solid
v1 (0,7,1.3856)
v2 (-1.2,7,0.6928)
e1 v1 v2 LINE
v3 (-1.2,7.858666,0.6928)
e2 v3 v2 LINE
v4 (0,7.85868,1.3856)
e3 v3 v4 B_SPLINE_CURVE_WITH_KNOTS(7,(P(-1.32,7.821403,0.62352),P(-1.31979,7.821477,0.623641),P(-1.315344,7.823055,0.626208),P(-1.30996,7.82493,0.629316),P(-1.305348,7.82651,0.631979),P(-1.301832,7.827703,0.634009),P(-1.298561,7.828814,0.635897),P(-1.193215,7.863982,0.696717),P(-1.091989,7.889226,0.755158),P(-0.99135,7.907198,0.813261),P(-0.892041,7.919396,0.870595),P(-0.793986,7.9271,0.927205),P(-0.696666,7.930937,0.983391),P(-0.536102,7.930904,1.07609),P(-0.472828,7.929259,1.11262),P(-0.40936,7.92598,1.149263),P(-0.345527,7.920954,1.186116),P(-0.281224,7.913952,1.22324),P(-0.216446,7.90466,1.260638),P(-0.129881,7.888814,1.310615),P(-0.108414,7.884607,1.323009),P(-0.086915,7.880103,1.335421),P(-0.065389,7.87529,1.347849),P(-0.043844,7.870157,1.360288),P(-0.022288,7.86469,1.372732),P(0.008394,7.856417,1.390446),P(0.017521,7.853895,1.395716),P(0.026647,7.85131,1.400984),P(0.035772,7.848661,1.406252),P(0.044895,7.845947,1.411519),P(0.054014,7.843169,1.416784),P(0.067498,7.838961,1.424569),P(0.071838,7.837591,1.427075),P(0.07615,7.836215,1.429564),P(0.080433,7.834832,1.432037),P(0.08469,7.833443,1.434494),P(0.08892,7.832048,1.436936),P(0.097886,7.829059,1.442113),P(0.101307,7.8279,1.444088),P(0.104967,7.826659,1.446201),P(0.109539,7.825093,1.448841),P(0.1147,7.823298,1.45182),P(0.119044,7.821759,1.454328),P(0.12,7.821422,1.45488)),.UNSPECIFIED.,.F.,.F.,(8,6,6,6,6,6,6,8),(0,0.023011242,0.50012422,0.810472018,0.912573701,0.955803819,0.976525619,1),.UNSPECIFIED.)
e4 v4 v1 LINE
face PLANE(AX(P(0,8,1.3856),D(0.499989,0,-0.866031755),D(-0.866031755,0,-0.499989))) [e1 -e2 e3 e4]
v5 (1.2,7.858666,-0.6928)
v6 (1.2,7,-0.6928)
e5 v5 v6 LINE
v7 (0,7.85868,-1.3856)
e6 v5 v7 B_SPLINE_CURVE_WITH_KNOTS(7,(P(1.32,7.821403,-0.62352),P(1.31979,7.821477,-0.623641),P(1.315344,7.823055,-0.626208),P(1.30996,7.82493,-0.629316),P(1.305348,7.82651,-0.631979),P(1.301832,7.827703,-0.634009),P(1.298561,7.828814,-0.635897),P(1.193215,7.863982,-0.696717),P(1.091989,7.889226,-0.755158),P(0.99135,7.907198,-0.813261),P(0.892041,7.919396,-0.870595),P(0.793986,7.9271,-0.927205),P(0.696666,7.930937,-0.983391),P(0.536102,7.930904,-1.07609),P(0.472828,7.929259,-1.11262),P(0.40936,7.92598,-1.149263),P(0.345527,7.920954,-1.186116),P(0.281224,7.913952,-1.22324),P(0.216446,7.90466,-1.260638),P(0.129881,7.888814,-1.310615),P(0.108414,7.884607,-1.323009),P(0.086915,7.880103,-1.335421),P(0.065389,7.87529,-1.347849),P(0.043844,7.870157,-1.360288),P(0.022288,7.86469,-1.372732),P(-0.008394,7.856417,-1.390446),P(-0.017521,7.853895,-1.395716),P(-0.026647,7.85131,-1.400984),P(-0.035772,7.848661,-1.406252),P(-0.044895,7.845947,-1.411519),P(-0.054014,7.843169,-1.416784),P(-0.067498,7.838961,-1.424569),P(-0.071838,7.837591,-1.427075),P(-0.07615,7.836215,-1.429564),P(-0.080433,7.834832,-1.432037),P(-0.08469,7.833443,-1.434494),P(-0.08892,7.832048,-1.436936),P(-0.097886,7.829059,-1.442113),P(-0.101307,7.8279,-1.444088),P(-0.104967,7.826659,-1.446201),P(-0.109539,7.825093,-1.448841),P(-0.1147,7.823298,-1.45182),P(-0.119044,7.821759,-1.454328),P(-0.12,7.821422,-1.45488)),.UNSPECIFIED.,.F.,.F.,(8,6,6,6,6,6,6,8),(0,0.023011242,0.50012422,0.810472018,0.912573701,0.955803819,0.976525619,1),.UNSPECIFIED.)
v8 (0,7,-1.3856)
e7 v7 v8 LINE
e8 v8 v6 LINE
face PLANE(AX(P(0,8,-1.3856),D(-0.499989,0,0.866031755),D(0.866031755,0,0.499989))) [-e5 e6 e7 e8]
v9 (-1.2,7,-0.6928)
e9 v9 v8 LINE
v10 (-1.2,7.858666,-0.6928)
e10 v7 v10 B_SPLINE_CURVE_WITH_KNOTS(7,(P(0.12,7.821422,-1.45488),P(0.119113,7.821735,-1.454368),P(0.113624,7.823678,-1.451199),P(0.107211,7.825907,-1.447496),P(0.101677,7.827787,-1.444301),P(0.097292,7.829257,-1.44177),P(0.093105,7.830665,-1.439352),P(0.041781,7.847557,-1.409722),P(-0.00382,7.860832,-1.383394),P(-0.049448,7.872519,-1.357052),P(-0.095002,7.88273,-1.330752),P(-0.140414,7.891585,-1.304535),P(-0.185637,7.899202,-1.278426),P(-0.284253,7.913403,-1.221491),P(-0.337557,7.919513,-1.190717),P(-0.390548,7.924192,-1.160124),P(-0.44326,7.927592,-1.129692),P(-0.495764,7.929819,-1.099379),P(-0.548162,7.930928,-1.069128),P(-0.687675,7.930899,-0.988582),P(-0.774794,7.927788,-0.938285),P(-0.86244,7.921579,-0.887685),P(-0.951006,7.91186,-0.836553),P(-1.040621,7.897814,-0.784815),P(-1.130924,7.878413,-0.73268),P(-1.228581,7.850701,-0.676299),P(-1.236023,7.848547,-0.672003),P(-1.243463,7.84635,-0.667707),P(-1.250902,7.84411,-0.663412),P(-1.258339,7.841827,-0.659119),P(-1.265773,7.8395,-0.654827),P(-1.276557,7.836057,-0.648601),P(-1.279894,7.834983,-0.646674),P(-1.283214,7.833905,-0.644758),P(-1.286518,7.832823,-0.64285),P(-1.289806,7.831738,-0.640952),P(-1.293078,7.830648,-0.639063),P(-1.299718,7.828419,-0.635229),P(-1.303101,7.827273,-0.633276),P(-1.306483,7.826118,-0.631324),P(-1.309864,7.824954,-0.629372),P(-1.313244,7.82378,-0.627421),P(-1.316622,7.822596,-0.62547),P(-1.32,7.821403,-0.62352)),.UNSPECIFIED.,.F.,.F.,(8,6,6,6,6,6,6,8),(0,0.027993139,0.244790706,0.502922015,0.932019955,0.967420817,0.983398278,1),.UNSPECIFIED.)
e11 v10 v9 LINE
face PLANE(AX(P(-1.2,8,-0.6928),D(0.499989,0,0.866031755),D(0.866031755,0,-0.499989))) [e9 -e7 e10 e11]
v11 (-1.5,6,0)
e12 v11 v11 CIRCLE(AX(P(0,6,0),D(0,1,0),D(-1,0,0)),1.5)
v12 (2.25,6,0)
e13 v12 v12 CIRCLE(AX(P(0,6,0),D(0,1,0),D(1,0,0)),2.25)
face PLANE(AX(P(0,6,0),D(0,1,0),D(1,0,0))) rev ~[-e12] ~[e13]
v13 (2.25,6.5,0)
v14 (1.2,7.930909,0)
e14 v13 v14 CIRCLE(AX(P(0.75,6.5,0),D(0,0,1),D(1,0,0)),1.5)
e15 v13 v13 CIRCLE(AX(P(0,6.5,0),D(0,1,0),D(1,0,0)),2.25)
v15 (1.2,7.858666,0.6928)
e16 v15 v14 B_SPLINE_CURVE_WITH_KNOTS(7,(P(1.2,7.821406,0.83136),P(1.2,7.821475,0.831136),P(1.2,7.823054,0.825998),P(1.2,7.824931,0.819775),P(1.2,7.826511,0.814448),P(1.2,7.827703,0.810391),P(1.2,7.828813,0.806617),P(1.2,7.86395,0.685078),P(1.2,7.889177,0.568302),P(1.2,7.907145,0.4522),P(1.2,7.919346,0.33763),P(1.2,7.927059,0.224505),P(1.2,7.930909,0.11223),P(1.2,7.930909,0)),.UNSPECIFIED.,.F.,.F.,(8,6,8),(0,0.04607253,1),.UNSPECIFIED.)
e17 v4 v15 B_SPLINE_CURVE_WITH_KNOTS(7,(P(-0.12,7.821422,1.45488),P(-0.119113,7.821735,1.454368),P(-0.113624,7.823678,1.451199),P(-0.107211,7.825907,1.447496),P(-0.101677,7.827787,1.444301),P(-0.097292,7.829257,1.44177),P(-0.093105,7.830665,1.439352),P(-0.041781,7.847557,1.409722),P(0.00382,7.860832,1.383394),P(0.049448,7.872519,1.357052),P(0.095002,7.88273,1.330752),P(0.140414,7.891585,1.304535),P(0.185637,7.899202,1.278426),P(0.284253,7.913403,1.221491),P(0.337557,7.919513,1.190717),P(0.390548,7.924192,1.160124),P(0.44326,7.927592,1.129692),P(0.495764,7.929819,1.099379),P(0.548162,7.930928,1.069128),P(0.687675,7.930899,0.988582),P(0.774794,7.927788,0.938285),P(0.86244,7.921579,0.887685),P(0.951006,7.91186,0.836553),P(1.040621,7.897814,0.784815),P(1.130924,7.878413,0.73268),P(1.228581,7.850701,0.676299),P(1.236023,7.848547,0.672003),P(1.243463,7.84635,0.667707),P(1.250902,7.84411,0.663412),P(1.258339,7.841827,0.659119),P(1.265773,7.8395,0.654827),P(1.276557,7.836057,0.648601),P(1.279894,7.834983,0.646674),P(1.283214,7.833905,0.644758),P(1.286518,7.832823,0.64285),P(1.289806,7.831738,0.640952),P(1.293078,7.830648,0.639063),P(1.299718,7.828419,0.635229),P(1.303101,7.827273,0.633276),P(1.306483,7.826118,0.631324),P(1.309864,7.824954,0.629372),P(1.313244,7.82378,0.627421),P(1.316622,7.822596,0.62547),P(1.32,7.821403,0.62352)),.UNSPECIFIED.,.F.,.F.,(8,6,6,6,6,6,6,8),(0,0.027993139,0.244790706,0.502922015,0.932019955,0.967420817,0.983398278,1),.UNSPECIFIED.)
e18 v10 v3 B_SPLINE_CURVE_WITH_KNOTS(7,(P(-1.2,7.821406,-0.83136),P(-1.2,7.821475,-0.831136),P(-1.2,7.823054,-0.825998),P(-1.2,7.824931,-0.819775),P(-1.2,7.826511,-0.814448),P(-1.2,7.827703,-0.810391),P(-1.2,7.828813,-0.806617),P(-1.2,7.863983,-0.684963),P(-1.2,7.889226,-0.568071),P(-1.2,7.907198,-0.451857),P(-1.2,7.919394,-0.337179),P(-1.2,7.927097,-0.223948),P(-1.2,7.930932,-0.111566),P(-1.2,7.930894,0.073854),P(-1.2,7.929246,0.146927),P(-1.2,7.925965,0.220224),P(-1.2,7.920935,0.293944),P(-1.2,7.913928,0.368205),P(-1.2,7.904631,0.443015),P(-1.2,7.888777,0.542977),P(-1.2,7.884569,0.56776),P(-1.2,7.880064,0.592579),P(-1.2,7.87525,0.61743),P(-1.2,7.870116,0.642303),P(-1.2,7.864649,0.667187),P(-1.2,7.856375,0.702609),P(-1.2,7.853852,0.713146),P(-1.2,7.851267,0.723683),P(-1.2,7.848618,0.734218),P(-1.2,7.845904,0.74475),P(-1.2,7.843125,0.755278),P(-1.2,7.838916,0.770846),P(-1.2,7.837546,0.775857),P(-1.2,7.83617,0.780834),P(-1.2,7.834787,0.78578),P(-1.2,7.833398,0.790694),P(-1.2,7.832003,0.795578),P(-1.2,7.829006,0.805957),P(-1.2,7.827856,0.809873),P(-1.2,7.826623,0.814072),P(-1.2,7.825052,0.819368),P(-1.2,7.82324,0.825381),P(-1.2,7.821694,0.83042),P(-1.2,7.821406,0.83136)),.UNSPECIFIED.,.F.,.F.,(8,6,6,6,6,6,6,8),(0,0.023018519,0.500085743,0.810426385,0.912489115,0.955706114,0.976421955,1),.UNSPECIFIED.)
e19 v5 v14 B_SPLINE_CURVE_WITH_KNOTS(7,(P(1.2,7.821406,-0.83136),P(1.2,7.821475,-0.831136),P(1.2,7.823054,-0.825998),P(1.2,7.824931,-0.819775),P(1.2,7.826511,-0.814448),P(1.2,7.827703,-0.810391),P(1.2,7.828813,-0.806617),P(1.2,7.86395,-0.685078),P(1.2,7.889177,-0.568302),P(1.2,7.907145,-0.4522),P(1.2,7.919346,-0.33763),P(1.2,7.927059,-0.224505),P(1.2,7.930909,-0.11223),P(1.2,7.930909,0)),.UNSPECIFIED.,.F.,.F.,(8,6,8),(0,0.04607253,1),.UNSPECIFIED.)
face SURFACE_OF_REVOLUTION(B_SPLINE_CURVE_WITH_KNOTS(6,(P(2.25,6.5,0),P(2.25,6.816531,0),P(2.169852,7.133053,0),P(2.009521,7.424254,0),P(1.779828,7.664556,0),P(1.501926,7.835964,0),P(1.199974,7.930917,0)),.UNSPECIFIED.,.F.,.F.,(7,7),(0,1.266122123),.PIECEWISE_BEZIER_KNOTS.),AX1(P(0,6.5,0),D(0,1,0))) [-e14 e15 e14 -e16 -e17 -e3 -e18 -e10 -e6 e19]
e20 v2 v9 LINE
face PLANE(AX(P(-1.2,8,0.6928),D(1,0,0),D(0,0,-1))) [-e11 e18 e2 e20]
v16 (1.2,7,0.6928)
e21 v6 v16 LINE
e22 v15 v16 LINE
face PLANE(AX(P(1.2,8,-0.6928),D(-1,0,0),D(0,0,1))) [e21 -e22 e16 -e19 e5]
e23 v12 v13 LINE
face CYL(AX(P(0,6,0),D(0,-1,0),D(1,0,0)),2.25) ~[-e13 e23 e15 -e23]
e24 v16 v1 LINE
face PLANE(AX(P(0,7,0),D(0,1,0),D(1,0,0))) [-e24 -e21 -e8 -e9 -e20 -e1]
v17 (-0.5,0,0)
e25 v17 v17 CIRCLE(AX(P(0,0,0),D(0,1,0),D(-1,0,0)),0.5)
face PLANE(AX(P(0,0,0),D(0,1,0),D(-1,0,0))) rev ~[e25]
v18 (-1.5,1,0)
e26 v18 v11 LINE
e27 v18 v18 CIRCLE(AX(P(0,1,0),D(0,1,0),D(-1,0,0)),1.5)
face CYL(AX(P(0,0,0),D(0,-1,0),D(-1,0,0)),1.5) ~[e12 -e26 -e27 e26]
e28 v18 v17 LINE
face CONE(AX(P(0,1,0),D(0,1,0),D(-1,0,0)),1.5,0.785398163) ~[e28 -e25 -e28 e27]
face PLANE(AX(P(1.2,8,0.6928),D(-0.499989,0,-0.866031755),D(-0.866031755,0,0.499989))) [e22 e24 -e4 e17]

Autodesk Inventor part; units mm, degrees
ref_plane "YZ Plane" through (0, 0, 0) normal (1, 0, 0) x (0, 1, 0)
sketch "Sketch1" plane through (0, 0, 0) normal (0, 1, 0) x (-1, 0, 0)
  circle A0 centre (0, 0) radius 1.5
  dimension "d0" = 3
extrude "Extrusion1" add sketch "Sketch1" along normal blind 6
chamfer "Chamfer1" distance 1 angle 45 1 edges at (1.5, 0, 0)
ref_plane "Work Plane1" through (0, 6, 0) normal (0, 1, 0) x (1, 0, 0)
sketch "Sketch2" plane through (0, 6, 0) normal (0, 1, 0) x (1, 0, 0)
  circle A0 centre (0, 0) radius 0.5 projected
  circle A1 centre (0, 0) radius 2.25
  dimension "d7" = 4.5
extrude "Extrusion2" add sketch "Sketch2" along normal blind 2 contours A0 | A1
fillet "Fillet1" radius 1.5 1 edges at (-2.25, 8, 0)
ref_plane "Work Plane2" through (0, 8, 0) normal (0, 1, 0) x (1, 0, 0)
sketch "Sketch3" plane through (0, 8, 0) normal (0, 1, 0) x (1, 0, 0)
  line L0 (-1.2, 0.6928) -> (0, 1.3856)
  line L1 (0, 1.3856) -> (1.2, 0.6928)
  line L2 (1.2, 0.6928) -> (1.2, -0.6928)
  line L3 (1.2, -0.6928) -> (0, -1.3856)
  line L4 (0, -1.3856) -> (-1.2, -0.6928)
  line L5 (-1.2, -0.6928) -> (-1.2, 0.6928)
  point P0 (0, 0)
  point P1 (0, 0)
  dimension "d12" = 1.2
extrude "Extrusion3" cut sketch "Sketch3" against normal blind 1
thread "Thread1" size "M3x0.5" class "6g" standard "ANSI Metric M Profile" full length
properties part number "M3x6mm_screw"
